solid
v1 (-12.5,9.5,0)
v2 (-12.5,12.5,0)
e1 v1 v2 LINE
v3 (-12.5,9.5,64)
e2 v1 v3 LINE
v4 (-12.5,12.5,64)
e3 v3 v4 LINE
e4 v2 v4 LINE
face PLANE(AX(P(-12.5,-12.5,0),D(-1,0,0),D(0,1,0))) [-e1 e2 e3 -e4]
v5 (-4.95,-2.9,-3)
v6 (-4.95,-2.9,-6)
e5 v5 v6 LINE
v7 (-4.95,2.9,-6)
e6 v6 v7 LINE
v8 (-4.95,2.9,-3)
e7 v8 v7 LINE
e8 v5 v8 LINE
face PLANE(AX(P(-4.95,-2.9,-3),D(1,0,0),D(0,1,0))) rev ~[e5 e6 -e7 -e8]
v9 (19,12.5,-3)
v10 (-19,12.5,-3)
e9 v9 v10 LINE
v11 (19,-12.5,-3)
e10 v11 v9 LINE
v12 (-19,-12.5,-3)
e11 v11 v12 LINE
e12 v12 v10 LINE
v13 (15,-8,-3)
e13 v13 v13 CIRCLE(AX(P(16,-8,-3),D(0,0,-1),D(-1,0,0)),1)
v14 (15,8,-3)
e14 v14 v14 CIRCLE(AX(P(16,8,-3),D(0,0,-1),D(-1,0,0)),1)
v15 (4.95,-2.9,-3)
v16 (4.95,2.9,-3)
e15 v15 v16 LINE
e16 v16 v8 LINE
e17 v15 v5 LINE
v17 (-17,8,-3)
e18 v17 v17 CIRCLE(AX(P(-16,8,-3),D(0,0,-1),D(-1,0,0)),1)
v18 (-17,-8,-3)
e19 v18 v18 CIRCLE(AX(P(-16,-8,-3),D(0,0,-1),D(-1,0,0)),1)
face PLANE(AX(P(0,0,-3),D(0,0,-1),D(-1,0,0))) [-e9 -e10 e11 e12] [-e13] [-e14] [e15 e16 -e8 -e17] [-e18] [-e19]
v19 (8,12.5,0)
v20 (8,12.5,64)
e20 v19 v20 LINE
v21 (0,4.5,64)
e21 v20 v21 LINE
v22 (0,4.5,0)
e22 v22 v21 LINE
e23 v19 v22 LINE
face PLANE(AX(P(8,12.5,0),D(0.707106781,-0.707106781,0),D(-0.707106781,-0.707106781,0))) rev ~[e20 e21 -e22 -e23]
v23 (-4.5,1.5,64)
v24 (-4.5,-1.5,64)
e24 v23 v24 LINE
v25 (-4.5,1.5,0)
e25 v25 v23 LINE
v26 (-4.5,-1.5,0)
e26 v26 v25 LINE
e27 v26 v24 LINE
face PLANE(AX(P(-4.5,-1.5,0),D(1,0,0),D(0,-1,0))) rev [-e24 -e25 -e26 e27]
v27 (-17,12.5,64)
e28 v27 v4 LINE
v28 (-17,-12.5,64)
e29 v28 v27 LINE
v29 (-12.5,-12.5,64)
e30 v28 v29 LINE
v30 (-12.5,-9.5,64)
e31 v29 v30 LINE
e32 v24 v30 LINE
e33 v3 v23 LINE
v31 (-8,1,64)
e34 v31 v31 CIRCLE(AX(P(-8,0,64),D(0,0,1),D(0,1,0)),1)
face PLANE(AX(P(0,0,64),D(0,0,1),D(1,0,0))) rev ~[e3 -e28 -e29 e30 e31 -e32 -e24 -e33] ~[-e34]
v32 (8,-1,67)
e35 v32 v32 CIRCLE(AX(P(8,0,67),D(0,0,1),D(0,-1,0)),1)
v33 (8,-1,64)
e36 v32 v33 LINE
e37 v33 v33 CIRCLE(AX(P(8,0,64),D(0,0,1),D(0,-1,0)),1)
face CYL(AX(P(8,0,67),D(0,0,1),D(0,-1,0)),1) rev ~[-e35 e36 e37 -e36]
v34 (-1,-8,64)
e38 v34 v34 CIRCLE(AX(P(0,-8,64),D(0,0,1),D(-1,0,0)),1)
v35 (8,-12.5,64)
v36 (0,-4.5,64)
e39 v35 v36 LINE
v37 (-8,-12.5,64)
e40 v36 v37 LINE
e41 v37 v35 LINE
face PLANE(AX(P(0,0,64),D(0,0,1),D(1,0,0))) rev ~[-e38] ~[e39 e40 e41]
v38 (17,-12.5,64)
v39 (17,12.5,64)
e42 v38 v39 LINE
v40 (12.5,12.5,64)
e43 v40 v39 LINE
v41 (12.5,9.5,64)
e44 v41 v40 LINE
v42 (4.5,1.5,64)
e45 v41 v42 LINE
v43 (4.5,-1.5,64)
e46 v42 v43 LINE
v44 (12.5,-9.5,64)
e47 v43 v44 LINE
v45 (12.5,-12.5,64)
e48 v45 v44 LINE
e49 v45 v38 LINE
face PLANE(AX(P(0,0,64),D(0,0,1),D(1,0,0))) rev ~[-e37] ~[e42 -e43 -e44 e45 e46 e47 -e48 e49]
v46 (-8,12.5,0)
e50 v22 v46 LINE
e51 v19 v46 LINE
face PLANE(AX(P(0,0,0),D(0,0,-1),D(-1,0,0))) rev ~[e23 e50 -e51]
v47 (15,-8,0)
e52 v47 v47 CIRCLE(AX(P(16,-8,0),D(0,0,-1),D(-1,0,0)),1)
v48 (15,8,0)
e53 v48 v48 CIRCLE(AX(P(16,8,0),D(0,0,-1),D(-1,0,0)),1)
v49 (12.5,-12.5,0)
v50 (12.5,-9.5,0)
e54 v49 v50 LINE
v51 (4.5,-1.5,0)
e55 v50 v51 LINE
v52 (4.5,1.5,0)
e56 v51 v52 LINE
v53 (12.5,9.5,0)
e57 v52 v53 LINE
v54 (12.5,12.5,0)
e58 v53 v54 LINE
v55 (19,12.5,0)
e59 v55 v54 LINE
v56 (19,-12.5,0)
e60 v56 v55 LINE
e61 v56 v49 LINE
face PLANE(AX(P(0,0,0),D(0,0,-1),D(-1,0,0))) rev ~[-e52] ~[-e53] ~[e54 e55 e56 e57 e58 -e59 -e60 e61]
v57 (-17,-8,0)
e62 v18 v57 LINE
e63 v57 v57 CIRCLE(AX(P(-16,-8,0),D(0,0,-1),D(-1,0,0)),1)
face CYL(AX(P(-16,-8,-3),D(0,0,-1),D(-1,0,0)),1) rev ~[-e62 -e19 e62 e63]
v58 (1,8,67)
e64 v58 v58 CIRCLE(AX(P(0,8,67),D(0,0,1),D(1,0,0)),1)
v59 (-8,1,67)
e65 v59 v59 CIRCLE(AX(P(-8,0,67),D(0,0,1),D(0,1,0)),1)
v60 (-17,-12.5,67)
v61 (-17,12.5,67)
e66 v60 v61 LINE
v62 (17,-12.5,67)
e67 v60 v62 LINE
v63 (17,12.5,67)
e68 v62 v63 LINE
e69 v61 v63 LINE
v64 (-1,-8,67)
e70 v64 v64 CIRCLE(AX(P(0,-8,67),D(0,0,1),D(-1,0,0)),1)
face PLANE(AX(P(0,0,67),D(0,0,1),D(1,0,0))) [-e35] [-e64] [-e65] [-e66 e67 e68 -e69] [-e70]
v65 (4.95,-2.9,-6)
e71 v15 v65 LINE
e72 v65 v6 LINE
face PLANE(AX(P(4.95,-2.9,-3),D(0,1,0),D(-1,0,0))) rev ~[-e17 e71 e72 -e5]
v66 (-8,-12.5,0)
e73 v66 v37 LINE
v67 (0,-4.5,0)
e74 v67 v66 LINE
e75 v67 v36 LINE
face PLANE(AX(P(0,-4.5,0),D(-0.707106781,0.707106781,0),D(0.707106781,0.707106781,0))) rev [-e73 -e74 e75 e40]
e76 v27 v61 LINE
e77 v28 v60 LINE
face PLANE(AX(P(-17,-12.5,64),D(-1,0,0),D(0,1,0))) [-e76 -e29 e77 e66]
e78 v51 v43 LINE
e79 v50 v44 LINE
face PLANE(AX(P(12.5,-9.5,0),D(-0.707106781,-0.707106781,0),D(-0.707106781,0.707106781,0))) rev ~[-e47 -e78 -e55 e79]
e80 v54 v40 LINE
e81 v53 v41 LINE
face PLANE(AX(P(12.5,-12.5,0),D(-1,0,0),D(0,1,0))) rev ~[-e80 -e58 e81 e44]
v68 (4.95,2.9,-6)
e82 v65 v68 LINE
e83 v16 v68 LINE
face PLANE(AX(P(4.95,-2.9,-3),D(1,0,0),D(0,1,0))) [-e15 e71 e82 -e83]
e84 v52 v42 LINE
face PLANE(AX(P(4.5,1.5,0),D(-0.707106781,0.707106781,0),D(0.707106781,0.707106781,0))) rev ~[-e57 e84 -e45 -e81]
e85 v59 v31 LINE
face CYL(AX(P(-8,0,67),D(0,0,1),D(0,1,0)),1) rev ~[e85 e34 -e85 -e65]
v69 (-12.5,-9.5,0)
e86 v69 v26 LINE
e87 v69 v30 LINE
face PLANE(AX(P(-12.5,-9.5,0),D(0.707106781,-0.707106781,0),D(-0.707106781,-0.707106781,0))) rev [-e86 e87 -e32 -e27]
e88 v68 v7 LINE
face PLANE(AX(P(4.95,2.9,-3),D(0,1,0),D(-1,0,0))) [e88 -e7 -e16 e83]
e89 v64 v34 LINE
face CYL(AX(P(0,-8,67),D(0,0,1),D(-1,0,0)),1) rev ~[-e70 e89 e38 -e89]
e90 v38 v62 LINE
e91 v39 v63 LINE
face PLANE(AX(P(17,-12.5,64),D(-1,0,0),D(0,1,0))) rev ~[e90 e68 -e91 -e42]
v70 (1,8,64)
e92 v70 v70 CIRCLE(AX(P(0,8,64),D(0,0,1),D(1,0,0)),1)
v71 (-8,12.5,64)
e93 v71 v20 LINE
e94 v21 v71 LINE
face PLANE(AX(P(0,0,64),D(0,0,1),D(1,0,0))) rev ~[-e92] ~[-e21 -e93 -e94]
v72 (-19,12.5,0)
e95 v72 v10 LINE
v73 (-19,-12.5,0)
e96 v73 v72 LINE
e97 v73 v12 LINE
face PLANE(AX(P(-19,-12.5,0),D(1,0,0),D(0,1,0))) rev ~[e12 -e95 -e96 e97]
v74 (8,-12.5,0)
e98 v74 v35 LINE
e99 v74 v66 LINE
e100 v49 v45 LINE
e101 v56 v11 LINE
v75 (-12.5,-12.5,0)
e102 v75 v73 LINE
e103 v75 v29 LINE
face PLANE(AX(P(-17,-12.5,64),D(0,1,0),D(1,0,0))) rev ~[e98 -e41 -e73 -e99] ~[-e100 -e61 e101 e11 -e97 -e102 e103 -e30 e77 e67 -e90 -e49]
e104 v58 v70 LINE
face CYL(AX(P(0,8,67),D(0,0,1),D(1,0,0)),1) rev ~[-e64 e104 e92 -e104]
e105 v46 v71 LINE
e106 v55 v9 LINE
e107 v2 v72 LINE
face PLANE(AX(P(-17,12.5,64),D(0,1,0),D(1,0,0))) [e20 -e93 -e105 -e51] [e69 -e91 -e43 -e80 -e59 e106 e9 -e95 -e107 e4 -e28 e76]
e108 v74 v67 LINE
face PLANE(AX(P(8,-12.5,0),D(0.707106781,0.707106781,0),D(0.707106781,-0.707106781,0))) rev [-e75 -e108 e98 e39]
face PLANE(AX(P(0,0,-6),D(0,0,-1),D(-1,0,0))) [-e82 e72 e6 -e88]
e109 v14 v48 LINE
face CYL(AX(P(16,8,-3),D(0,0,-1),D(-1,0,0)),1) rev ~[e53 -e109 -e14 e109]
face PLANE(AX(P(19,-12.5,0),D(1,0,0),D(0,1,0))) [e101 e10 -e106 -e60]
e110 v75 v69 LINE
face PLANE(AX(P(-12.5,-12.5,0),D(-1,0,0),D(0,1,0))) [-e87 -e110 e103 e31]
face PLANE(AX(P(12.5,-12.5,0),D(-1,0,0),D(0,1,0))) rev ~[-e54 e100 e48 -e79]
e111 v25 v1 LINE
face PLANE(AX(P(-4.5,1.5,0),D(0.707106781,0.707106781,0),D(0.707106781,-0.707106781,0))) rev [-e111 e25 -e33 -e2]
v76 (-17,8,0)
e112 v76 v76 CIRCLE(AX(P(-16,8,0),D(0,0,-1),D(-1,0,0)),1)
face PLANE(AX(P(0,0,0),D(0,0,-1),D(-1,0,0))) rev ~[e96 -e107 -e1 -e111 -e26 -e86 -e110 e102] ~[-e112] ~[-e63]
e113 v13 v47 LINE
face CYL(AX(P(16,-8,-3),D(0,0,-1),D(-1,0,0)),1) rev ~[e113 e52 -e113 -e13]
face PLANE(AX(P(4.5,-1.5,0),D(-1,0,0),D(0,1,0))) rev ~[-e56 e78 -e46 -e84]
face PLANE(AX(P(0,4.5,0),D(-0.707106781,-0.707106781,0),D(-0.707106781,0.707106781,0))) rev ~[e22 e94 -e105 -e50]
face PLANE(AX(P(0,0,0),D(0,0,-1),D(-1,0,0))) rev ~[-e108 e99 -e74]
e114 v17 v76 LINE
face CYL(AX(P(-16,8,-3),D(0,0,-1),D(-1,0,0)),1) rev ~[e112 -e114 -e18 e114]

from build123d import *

# Parameters (mm, degrees)
SKETCH_1_W                       = 25
SKETCH_1_H                       = 25
EXTRUDE_1_DEPTH                  = 64
CUT_EXTRUDE_1_DEPTH              = 100
CUT_EXTRUDE_4_DEPTH              = 64
SKETCH_3_W                       = 38
SKETCH_3_H                       = 25
EXTRUDE_2_DEPTH                  = 3
SKETCH_4_R                       = 1
CUT_EXTRUDE_2_DEPTH              = 3
PATTERN_LINEAR_1_COUNT           = 2
PATTERN_LINEAR_1_PITCH           = 32
PATTERN_LINEAR_2_COUNT           = 2
PATTERN_LINEAR_2_PITCH           = 16
PATTERN_LINEAR_2_COPY_1_SKETCH_R = 1
PATTERN_LINEAR_2_COPY_1_DEPTH    = 3
SKETCH_6_W                       = 9.9
SKETCH_6_H                       = 5.8
EXTRUDE_3_DEPTH                  = 3
SKETCH_7_W                       = 34
SKETCH_7_H                       = 25
EXTRUDE_4_DEPTH                  = 3
SKETCH_8_R                       = 1
CUT_EXTRUDE_3_DEPTH              = 3
PATTERN_CIRCULAR_1_COUNT         = 4


with BuildPart() as part:
    # 草图1 → 凸台-拉伸1 (new body)
    with BuildSketch(Plane.XY):
        Rectangle(SKETCH_1_W, SKETCH_1_H)
    extrude(amount=EXTRUDE_1_DEPTH)

    # 草图2 → 切除-拉伸1 (cut)
    with BuildSketch(Plane(origin=(0, 0, 0), x_dir=(-1, 0, 0), z_dir=(0, 0, -1))):
        Polygon((-4.5, 1.5), (-12.5, 9.5), (-12.5, -9.5), (-4.5, -1.5), align=None)
    cut_extrude_1 = extrude(amount=-CUT_EXTRUDE_1_DEPTH, mode=Mode.SUBTRACT)

    # 镜向1: 切除-拉伸1 across plane
    add(cut_extrude_1.mirror(Plane(origin=(0, 0, 0), x_dir=(0, 0, 1), z_dir=(1, 0, 0))), mode=Mode.SUBTRACT)

    # 草图9 → 切除-拉伸4 (cut)
    with BuildSketch(Plane(origin=(0, 0, 0), x_dir=(-1, 0, 0), z_dir=(0, 0, -1))):
        Polygon((-8, 12.5), (0, 4.5), (8, 12.5), align=None)
    cut_extrude_4 = extrude(amount=-CUT_EXTRUDE_4_DEPTH, mode=Mode.SUBTRACT)

    # 镜向2: 切除-拉伸4 across plane
    add(cut_extrude_4.mirror(Plane.ZX), mode=Mode.SUBTRACT)

    # 草图3 → 凸台-拉伸2 (add)
    with BuildSketch(Plane(origin=(0, 0, 0), x_dir=(-1, 0, 0), z_dir=(0, 0, -1))):
        Rectangle(SKETCH_3_W, SKETCH_3_H)
    extrude(amount=EXTRUDE_2_DEPTH)

    # 草图4 → 切除-拉伸2 (cut)
    with BuildSketch(Plane(origin=(0, 0, -3), x_dir=(-1, 0, 0), z_dir=(0, 0, -1))):
        with Locations((-16, 8)):
            Circle(SKETCH_4_R)
    cut_extrude_2 = extrude(amount=-CUT_EXTRUDE_2_DEPTH, mode=Mode.SUBTRACT)

    # 阵列(线性)1: 切除-拉伸2 ×2
    with Locations(*[(-i * PATTERN_LINEAR_1_PITCH, 0, 0) for i in range(1, PATTERN_LINEAR_1_COUNT)]):
        add(cut_extrude_2, mode=Mode.SUBTRACT)

    # 阵列(线性)2: 切除-拉伸2 ×2
    with Locations(*[(0, -i * PATTERN_LINEAR_2_PITCH, 0) for i in range(1, PATTERN_LINEAR_2_COUNT)]):
        add(cut_extrude_2, mode=Mode.SUBTRACT)

    # 阵列(线性)2 copy 1 sketch → 阵列(线性)2 copy 1 (cut)
    with BuildSketch(Plane(origin=(-32, -16, -3), x_dir=(-1, 0, 0), z_dir=(0, 0, -1))):
        with Locations((-16, 8)):
            Circle(PATTERN_LINEAR_2_COPY_1_SKETCH_R)
    extrude(amount=-PATTERN_LINEAR_2_COPY_1_DEPTH, mode=Mode.SUBTRACT)

    # 草图6 → 凸台-拉伸3 (add)
    with BuildSketch(Plane(origin=(0, 0, -3), x_dir=(-1, 0, 0), z_dir=(0, 0, -1))):
        Rectangle(SKETCH_6_W, SKETCH_6_H)
    extrude(amount=EXTRUDE_3_DEPTH)

    # 草图7 → 凸台-拉伸4 (add)
    with BuildSketch(Plane.XY.offset(64)):
        Rectangle(SKETCH_7_W, SKETCH_7_H)
    extrude(amount=EXTRUDE_4_DEPTH)

    # 草图8 → 切除-拉伸3 (cut)
    with BuildSketch(Plane.XY.offset(67)):
        with Locations((0, 8)):
            Circle(SKETCH_8_R)
    cut_extrude_3 = extrude(amount=-CUT_EXTRUDE_3_DEPTH, mode=Mode.SUBTRACT)

    # 阵列(圆周)1: 切除-拉伸3 ×4 about axis
    pattern_circular_1_axis = Axis((0, 0, 0), (0, 0, 1))
    for i in range(1, PATTERN_CIRCULAR_1_COUNT):
        add(cut_extrude_3.rotate(pattern_circular_1_axis, i * 360 / PATTERN_CIRCULAR_1_COUNT), mode=Mode.SUBTRACT)


solid = part.part
